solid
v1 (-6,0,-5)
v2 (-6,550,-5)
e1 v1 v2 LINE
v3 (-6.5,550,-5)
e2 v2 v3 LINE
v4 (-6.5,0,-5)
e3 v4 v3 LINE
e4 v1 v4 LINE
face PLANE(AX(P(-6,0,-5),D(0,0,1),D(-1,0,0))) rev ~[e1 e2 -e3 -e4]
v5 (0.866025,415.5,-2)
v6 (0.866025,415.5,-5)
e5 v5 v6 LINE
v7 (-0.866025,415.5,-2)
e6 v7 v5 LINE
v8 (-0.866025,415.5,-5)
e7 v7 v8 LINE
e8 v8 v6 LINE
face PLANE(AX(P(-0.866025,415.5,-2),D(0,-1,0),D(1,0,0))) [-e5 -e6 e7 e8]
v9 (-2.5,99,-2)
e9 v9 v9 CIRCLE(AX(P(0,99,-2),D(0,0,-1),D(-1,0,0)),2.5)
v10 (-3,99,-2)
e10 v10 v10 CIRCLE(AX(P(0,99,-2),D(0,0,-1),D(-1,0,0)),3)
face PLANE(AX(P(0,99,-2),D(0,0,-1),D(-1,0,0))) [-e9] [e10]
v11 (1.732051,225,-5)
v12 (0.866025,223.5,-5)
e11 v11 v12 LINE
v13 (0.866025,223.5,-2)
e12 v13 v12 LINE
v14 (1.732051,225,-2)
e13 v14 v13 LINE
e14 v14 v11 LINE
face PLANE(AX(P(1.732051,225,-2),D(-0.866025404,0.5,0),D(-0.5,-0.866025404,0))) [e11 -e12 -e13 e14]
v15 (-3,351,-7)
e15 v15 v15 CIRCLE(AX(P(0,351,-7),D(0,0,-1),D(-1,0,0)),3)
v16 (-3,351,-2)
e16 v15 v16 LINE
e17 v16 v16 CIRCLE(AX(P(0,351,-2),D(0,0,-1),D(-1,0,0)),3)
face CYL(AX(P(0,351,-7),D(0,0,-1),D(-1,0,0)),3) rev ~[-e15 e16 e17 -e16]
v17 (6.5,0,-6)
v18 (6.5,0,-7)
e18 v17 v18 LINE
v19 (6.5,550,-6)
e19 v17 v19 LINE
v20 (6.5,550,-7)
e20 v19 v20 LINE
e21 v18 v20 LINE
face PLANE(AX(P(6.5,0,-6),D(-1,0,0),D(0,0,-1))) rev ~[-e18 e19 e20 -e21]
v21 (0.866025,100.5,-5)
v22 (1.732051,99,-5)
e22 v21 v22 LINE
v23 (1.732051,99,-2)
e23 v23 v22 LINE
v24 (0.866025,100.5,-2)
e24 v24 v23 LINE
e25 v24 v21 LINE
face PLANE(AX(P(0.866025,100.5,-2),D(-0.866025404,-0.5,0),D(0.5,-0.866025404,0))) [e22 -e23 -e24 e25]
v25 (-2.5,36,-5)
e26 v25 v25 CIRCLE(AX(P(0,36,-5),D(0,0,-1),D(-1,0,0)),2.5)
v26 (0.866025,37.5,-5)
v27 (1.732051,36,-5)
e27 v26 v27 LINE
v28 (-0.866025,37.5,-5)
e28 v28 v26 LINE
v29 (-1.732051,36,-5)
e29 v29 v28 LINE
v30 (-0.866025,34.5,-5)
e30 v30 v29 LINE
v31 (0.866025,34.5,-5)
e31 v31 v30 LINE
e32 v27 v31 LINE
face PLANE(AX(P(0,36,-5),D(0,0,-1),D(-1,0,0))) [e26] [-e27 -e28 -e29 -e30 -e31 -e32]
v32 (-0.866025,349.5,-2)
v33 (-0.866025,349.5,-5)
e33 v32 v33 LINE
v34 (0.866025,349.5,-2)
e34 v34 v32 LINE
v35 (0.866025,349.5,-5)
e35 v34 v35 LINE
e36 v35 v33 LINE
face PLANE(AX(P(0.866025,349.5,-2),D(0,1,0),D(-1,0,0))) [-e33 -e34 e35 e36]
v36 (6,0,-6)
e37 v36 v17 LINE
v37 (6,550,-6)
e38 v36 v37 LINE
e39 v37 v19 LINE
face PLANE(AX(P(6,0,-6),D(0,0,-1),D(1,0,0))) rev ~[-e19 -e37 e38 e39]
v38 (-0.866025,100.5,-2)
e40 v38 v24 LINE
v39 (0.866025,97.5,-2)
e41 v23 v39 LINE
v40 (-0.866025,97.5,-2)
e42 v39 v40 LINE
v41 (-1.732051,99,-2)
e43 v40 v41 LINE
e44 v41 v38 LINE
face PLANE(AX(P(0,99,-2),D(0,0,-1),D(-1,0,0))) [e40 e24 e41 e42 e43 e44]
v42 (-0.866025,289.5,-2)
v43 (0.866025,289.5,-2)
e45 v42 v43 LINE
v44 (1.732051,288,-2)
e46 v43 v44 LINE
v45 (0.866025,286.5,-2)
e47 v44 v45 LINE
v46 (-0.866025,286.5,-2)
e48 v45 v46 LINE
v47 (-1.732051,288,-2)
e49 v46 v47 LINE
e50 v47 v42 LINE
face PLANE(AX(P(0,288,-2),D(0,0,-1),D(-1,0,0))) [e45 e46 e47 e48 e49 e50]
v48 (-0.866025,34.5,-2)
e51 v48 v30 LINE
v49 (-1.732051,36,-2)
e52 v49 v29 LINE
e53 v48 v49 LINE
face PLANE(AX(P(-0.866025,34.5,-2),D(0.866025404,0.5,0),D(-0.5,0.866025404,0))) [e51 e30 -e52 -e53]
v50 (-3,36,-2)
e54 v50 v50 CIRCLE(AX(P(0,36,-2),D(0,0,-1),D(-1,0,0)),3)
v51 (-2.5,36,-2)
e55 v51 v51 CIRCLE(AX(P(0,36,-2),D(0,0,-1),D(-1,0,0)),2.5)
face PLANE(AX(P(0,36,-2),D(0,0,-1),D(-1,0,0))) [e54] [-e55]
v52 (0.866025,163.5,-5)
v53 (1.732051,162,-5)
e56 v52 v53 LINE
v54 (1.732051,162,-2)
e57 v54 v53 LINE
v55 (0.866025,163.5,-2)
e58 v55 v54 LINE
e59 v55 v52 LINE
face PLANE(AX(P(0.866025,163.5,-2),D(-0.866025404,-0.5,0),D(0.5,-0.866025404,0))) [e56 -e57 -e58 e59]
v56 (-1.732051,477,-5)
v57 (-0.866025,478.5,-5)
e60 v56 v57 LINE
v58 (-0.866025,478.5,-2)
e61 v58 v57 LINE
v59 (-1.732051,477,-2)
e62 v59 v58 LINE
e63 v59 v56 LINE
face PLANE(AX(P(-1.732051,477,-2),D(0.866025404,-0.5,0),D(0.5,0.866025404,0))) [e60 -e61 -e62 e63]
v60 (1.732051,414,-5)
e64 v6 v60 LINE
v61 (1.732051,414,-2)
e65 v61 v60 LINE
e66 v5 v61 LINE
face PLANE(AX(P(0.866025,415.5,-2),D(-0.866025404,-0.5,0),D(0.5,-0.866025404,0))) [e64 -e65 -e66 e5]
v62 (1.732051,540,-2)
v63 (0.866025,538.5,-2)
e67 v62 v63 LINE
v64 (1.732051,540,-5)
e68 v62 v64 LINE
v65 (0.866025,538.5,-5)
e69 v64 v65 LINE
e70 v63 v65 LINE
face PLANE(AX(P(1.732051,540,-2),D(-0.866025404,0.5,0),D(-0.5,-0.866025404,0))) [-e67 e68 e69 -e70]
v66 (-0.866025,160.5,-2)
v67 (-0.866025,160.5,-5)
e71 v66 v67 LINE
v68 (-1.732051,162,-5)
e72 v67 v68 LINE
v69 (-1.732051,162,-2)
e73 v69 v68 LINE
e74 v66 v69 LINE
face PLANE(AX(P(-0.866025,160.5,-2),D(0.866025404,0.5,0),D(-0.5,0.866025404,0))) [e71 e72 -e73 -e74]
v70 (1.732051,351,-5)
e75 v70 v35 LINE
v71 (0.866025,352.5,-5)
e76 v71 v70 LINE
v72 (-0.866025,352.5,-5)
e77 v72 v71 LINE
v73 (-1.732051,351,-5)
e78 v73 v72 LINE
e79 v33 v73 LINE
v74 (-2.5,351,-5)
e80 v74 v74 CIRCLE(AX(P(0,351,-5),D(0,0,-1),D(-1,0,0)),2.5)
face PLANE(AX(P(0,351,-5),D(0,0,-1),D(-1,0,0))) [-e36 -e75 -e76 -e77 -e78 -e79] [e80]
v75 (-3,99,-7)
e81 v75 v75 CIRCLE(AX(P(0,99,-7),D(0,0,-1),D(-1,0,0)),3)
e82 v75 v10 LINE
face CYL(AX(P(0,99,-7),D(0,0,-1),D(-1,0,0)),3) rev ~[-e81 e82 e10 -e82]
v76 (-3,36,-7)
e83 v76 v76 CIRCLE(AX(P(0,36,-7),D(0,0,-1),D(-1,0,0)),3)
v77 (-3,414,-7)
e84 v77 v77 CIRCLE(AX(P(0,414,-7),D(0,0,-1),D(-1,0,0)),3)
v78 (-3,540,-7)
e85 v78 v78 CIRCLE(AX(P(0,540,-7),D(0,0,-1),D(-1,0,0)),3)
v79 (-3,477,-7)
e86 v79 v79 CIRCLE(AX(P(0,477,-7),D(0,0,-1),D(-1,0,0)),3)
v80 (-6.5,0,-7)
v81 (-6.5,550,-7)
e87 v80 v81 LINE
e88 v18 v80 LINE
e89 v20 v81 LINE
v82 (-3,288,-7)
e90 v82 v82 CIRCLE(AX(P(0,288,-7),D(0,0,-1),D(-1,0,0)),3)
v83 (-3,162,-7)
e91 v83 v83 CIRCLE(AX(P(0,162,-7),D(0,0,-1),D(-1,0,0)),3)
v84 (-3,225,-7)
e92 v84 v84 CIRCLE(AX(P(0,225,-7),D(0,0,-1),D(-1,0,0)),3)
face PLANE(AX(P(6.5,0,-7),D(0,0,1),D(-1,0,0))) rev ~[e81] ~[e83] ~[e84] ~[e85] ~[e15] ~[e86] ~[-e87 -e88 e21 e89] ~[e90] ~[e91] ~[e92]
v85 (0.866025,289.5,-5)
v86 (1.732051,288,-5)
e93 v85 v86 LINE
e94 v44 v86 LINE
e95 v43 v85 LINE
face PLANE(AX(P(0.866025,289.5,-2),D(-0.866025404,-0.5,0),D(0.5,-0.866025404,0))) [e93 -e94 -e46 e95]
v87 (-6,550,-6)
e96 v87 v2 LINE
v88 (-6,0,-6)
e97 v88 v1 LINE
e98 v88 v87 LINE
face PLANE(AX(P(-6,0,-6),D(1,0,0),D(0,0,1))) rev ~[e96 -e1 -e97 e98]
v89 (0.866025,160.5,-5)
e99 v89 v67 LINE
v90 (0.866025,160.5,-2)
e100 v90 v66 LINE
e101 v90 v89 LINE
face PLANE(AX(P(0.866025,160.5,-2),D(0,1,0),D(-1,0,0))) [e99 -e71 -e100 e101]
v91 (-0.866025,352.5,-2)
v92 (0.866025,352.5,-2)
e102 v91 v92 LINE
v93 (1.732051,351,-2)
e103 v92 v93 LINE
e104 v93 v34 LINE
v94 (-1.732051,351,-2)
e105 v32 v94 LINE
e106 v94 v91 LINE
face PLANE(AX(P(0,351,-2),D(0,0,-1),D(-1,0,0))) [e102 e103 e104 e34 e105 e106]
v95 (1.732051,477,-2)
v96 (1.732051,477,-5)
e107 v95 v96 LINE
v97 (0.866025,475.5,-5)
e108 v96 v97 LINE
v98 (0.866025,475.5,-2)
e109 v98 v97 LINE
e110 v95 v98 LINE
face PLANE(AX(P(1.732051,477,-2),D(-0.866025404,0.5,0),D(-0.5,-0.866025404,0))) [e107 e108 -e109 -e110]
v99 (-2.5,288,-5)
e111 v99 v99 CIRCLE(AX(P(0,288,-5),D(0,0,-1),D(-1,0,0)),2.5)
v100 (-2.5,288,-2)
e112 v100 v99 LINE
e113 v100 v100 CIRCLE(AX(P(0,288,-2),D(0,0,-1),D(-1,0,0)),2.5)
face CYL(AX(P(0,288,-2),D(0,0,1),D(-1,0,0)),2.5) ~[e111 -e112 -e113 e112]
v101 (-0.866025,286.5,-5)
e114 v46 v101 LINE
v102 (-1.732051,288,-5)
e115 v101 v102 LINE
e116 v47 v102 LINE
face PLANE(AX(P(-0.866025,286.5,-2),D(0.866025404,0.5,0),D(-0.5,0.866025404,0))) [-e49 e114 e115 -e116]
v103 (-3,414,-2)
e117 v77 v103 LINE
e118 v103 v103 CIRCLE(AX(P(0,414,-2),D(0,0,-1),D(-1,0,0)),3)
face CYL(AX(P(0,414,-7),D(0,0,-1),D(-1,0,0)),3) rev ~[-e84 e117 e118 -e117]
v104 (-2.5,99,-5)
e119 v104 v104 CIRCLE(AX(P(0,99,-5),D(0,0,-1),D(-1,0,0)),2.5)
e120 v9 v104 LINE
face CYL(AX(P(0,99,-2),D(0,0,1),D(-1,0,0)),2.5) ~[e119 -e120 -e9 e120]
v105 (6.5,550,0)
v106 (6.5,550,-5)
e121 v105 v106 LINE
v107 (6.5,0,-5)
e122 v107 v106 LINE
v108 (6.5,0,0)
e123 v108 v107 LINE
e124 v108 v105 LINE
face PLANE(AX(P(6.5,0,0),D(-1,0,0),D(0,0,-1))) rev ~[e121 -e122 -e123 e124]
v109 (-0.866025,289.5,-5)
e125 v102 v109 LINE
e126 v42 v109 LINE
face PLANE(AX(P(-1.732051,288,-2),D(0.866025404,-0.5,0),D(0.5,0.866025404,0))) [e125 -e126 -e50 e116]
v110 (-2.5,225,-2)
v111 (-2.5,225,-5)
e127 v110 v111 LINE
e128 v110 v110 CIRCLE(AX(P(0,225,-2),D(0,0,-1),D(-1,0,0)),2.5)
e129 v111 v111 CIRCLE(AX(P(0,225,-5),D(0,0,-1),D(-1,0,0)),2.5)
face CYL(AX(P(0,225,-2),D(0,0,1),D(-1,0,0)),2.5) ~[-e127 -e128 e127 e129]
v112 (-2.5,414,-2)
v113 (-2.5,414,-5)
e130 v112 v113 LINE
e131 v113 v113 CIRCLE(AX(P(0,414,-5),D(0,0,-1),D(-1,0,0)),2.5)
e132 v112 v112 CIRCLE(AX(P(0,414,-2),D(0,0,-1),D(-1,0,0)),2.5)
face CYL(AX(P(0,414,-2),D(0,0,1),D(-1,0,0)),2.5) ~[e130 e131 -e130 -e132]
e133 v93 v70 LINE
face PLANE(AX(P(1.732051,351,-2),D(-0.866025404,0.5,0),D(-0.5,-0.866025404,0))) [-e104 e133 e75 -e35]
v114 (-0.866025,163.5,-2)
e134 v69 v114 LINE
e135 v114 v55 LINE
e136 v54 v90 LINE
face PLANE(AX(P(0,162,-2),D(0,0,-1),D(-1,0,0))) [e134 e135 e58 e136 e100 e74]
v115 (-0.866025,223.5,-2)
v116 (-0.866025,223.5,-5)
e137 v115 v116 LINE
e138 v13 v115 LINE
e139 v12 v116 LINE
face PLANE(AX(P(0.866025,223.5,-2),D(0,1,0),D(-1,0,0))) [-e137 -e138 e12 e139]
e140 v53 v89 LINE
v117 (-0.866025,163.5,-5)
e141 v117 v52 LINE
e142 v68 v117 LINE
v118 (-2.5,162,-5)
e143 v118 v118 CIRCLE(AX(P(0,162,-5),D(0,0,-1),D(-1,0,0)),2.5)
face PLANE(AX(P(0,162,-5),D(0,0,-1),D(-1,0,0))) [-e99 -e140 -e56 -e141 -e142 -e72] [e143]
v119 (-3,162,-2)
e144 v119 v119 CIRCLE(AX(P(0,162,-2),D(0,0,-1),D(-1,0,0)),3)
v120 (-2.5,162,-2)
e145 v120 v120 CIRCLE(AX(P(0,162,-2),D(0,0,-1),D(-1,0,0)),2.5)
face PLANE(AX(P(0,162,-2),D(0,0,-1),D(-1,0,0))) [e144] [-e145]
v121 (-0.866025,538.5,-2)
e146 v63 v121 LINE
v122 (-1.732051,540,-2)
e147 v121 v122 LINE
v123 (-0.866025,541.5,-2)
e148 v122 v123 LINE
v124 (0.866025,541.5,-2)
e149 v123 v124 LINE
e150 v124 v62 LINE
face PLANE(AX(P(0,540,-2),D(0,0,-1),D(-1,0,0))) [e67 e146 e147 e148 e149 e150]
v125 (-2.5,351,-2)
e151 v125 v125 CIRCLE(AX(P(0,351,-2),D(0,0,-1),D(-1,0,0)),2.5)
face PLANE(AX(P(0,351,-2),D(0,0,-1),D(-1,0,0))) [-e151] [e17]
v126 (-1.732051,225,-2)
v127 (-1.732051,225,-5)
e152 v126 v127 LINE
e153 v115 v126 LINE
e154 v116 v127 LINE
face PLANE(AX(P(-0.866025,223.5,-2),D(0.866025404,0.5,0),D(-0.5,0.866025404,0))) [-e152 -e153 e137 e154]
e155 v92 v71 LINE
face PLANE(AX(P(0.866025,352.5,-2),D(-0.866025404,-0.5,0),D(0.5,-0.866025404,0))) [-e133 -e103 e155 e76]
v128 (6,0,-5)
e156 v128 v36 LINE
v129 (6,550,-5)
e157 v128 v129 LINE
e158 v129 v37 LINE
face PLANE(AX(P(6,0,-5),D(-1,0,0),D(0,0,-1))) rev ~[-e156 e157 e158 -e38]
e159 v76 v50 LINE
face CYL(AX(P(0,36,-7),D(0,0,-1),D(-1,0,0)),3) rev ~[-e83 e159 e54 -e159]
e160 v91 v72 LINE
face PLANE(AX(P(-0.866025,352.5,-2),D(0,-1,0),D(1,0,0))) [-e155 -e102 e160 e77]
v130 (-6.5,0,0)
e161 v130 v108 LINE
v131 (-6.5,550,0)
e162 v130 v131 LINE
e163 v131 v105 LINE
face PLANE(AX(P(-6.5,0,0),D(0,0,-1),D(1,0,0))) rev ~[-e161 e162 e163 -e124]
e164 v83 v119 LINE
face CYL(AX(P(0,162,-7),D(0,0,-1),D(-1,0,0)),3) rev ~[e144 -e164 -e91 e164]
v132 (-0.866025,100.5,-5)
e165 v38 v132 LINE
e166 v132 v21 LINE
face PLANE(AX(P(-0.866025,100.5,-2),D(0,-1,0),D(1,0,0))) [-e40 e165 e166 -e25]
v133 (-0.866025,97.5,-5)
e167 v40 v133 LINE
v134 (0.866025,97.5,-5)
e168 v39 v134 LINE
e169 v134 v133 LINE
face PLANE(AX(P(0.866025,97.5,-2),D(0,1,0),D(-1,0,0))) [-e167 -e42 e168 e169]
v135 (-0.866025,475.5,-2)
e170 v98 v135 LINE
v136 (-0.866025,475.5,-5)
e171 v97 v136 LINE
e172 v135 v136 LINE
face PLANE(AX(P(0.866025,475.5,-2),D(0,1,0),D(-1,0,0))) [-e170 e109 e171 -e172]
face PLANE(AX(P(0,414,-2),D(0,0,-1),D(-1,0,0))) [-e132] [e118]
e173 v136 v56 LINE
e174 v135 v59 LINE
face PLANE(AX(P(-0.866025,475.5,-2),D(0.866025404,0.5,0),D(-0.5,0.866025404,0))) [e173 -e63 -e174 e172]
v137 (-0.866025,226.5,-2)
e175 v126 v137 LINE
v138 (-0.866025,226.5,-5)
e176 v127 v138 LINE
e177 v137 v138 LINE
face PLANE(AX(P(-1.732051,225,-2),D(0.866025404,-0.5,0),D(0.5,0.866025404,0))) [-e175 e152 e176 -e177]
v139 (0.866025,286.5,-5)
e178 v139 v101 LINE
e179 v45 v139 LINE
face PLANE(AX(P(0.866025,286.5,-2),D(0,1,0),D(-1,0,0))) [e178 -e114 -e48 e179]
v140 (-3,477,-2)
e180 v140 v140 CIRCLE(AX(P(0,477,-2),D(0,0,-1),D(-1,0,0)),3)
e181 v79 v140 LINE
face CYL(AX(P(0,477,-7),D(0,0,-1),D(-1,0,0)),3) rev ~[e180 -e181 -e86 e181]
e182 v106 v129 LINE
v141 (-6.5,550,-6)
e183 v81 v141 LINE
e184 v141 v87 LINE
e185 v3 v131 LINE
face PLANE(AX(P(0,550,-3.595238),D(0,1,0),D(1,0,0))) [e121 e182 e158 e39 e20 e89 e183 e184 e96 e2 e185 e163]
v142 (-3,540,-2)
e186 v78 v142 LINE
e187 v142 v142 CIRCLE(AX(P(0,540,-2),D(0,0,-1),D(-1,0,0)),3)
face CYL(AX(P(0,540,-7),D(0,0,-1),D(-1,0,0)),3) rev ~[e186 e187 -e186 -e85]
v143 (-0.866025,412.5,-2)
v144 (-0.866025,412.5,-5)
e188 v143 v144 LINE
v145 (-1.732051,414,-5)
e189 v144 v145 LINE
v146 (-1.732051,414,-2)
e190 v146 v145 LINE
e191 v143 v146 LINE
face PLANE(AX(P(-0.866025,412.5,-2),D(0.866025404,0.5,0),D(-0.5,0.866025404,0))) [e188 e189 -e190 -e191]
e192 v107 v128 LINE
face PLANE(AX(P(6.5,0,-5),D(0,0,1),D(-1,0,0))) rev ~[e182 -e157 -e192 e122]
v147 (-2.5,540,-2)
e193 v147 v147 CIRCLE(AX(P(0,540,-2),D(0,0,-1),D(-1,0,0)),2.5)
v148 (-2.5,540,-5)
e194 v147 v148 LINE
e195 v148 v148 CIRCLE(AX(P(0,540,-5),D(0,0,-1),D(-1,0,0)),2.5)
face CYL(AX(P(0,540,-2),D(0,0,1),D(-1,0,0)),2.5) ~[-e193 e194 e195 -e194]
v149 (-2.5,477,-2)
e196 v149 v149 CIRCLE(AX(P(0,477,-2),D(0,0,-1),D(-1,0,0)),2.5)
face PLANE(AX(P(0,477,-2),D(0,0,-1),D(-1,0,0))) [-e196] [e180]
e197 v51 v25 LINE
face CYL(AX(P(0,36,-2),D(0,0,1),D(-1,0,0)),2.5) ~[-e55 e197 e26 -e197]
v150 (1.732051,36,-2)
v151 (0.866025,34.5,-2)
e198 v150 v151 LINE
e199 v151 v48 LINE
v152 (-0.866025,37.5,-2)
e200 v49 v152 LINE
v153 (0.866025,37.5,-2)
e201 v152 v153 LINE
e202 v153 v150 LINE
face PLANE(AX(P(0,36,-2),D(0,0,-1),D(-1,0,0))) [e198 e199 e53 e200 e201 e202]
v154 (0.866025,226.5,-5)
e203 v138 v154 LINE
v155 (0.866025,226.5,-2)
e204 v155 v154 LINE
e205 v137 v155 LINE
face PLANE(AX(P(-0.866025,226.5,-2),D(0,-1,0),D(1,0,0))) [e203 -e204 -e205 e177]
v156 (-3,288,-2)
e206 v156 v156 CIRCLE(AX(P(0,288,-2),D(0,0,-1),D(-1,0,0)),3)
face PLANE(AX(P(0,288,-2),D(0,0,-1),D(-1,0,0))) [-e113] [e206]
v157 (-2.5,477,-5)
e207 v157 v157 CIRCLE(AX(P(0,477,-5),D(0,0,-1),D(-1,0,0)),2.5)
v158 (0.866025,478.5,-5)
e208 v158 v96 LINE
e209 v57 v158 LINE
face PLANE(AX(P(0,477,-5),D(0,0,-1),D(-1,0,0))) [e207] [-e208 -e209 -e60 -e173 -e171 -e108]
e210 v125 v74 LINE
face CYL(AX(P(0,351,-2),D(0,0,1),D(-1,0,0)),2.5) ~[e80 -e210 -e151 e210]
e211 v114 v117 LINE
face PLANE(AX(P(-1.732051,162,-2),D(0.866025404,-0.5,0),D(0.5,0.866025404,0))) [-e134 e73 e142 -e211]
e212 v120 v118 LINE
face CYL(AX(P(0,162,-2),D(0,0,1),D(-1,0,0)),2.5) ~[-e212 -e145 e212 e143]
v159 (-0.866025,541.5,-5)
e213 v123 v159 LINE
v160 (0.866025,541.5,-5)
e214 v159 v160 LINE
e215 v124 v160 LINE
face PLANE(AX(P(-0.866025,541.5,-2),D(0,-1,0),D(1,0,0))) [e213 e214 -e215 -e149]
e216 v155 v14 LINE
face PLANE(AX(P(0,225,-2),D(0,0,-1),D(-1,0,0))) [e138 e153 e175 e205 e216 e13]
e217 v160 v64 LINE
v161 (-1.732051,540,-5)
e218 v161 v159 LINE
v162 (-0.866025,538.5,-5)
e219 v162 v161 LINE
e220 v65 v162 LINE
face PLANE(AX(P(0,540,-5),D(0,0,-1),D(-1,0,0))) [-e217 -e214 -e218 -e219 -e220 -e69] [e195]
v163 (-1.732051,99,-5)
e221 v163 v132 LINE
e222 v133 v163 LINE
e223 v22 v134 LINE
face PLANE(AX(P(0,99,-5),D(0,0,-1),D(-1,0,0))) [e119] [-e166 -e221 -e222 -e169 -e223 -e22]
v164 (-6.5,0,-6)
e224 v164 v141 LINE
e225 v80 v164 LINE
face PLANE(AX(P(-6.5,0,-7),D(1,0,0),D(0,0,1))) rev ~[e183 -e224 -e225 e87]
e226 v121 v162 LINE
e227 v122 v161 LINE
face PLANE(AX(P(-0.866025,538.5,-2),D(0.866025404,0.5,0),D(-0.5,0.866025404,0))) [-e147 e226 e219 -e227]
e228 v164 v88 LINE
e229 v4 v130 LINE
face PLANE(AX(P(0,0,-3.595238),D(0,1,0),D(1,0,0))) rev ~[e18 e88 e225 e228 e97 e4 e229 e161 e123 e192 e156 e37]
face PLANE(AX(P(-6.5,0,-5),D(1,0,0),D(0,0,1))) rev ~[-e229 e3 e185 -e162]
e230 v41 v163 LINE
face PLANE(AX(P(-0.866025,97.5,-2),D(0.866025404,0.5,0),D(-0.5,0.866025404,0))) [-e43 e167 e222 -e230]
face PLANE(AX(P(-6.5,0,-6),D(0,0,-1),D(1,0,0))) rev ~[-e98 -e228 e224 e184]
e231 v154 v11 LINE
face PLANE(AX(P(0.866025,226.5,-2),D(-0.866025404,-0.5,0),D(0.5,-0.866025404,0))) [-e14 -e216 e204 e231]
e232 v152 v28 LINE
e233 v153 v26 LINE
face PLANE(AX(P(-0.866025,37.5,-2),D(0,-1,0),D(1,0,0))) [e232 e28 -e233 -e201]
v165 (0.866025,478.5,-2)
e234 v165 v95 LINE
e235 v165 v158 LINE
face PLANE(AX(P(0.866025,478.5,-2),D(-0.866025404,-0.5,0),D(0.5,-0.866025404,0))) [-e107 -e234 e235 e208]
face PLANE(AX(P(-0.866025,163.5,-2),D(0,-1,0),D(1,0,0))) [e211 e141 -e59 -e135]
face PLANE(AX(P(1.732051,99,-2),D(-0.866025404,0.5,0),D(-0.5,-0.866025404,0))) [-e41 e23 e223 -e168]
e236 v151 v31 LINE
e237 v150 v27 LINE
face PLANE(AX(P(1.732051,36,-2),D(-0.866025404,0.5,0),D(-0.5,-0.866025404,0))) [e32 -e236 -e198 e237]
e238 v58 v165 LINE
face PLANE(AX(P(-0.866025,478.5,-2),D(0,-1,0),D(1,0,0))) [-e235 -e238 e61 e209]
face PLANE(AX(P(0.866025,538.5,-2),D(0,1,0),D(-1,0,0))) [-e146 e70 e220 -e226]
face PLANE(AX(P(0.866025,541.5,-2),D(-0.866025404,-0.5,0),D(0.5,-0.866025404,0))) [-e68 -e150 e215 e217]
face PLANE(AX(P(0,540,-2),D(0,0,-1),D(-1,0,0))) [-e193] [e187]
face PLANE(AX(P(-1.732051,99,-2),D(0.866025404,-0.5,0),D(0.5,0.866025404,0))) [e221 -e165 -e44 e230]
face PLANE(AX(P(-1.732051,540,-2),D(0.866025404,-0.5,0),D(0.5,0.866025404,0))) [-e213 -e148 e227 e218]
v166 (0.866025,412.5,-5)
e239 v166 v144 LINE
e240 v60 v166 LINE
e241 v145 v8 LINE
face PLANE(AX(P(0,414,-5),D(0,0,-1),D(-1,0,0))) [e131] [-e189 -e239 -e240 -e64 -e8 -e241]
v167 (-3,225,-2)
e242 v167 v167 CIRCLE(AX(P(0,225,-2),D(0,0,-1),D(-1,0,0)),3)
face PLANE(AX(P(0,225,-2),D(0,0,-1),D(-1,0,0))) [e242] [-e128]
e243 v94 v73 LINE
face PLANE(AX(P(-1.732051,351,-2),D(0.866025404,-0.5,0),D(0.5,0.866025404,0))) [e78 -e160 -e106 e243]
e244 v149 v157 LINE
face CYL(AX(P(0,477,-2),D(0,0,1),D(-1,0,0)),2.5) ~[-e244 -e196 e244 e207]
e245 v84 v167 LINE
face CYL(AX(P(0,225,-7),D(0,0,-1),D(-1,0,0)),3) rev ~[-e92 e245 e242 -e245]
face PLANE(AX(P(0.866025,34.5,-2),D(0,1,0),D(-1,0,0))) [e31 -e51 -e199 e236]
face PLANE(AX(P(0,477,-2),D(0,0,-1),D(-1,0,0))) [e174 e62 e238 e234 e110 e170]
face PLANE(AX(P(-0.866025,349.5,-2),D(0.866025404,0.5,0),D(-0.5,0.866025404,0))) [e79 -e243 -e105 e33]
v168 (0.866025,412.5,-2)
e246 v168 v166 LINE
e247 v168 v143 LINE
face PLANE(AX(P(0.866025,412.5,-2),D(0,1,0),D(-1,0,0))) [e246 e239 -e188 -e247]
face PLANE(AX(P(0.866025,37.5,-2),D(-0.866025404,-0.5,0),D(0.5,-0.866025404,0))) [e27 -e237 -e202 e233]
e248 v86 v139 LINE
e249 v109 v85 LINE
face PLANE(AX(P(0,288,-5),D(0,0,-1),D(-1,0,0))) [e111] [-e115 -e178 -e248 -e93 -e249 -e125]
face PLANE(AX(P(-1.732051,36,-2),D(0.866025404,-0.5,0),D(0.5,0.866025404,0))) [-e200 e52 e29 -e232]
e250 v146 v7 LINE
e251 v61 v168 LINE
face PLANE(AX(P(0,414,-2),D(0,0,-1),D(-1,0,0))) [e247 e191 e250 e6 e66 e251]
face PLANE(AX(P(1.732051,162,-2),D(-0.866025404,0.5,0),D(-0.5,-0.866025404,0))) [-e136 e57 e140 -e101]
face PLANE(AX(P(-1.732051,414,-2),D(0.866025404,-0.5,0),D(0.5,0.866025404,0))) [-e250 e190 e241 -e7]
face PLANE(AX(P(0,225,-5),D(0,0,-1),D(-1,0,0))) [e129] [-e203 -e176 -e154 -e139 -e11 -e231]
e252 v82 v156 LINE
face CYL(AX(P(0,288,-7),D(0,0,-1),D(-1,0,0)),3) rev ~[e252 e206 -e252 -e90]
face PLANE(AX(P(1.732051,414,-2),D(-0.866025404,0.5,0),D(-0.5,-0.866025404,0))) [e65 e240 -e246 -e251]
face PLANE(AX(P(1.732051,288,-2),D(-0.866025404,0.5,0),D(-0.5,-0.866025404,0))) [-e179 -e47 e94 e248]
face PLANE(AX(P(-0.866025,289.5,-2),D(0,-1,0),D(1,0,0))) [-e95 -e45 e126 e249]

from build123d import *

# Parameters (mm, degrees)
EXTRUDE_1_DEPTH        = 550
SKETCH_3_R             = 3
CUT_EXTRUDE_2_DEPTH    = 5
SKETCH_4_R             = 2.5
EXTRUDE_2_DEPTH        = 3
PATTERN_LINEAR_1_COUNT = 9
PATTERN_LINEAR_1_PITCH = 63


with BuildPart() as part:
    # 草圖1 → 填料-伸長1 (new body)
    with BuildSketch(Plane(origin=(0, 0, 0), x_dir=(1, 0, 0), z_dir=(0, 1, 0))):
        Polygon((-6.5, 0), (6.5, 0), (6.5, 5), (6, 5), (6, 6), (6.5, 6), (6.5, 7), (-6.5, 7), (-6.5, 6), (-6, 6), (-6, 5), (-6.5, 5), align=None)
    extrude(amount=EXTRUDE_1_DEPTH)

    # 草圖3 → 除料-伸長2 (cut)
    with BuildSketch(Plane(origin=(0, 0, -7), x_dir=(-1, 0, 0), z_dir=(0, 0, -1))):
        with Locations((0, 540)):
            Circle(SKETCH_3_R)
    cut_extrude_2 = extrude(amount=-CUT_EXTRUDE_2_DEPTH, mode=Mode.SUBTRACT)

    # 草圖4 → 填料-伸長2 (add)
    with BuildSketch(Plane(origin=(0, 0, -2), x_dir=(-1, 0, 0), z_dir=(0, 0, -1))):
        with Locations((0, 540)):
            Circle(SKETCH_4_R)
        Polygon((1.732050808, 540), (0.866025404, 541.5), (-0.866025404, 541.5), (-1.732050808, 540), (-0.866025404, 538.5), (0.866025404, 538.5), align=None, mode=Mode.SUBTRACT)
    extrude_2 = extrude(amount=EXTRUDE_2_DEPTH)

    # 直線複製排列1: 除料-伸長2, 填料-伸長2 ×9
    with Locations(*[(0, -i * PATTERN_LINEAR_1_PITCH, 0) for i in range(1, PATTERN_LINEAR_1_COUNT)]):
        add(cut_extrude_2, mode=Mode.SUBTRACT)
        add(extrude_2)


solid = part.part
